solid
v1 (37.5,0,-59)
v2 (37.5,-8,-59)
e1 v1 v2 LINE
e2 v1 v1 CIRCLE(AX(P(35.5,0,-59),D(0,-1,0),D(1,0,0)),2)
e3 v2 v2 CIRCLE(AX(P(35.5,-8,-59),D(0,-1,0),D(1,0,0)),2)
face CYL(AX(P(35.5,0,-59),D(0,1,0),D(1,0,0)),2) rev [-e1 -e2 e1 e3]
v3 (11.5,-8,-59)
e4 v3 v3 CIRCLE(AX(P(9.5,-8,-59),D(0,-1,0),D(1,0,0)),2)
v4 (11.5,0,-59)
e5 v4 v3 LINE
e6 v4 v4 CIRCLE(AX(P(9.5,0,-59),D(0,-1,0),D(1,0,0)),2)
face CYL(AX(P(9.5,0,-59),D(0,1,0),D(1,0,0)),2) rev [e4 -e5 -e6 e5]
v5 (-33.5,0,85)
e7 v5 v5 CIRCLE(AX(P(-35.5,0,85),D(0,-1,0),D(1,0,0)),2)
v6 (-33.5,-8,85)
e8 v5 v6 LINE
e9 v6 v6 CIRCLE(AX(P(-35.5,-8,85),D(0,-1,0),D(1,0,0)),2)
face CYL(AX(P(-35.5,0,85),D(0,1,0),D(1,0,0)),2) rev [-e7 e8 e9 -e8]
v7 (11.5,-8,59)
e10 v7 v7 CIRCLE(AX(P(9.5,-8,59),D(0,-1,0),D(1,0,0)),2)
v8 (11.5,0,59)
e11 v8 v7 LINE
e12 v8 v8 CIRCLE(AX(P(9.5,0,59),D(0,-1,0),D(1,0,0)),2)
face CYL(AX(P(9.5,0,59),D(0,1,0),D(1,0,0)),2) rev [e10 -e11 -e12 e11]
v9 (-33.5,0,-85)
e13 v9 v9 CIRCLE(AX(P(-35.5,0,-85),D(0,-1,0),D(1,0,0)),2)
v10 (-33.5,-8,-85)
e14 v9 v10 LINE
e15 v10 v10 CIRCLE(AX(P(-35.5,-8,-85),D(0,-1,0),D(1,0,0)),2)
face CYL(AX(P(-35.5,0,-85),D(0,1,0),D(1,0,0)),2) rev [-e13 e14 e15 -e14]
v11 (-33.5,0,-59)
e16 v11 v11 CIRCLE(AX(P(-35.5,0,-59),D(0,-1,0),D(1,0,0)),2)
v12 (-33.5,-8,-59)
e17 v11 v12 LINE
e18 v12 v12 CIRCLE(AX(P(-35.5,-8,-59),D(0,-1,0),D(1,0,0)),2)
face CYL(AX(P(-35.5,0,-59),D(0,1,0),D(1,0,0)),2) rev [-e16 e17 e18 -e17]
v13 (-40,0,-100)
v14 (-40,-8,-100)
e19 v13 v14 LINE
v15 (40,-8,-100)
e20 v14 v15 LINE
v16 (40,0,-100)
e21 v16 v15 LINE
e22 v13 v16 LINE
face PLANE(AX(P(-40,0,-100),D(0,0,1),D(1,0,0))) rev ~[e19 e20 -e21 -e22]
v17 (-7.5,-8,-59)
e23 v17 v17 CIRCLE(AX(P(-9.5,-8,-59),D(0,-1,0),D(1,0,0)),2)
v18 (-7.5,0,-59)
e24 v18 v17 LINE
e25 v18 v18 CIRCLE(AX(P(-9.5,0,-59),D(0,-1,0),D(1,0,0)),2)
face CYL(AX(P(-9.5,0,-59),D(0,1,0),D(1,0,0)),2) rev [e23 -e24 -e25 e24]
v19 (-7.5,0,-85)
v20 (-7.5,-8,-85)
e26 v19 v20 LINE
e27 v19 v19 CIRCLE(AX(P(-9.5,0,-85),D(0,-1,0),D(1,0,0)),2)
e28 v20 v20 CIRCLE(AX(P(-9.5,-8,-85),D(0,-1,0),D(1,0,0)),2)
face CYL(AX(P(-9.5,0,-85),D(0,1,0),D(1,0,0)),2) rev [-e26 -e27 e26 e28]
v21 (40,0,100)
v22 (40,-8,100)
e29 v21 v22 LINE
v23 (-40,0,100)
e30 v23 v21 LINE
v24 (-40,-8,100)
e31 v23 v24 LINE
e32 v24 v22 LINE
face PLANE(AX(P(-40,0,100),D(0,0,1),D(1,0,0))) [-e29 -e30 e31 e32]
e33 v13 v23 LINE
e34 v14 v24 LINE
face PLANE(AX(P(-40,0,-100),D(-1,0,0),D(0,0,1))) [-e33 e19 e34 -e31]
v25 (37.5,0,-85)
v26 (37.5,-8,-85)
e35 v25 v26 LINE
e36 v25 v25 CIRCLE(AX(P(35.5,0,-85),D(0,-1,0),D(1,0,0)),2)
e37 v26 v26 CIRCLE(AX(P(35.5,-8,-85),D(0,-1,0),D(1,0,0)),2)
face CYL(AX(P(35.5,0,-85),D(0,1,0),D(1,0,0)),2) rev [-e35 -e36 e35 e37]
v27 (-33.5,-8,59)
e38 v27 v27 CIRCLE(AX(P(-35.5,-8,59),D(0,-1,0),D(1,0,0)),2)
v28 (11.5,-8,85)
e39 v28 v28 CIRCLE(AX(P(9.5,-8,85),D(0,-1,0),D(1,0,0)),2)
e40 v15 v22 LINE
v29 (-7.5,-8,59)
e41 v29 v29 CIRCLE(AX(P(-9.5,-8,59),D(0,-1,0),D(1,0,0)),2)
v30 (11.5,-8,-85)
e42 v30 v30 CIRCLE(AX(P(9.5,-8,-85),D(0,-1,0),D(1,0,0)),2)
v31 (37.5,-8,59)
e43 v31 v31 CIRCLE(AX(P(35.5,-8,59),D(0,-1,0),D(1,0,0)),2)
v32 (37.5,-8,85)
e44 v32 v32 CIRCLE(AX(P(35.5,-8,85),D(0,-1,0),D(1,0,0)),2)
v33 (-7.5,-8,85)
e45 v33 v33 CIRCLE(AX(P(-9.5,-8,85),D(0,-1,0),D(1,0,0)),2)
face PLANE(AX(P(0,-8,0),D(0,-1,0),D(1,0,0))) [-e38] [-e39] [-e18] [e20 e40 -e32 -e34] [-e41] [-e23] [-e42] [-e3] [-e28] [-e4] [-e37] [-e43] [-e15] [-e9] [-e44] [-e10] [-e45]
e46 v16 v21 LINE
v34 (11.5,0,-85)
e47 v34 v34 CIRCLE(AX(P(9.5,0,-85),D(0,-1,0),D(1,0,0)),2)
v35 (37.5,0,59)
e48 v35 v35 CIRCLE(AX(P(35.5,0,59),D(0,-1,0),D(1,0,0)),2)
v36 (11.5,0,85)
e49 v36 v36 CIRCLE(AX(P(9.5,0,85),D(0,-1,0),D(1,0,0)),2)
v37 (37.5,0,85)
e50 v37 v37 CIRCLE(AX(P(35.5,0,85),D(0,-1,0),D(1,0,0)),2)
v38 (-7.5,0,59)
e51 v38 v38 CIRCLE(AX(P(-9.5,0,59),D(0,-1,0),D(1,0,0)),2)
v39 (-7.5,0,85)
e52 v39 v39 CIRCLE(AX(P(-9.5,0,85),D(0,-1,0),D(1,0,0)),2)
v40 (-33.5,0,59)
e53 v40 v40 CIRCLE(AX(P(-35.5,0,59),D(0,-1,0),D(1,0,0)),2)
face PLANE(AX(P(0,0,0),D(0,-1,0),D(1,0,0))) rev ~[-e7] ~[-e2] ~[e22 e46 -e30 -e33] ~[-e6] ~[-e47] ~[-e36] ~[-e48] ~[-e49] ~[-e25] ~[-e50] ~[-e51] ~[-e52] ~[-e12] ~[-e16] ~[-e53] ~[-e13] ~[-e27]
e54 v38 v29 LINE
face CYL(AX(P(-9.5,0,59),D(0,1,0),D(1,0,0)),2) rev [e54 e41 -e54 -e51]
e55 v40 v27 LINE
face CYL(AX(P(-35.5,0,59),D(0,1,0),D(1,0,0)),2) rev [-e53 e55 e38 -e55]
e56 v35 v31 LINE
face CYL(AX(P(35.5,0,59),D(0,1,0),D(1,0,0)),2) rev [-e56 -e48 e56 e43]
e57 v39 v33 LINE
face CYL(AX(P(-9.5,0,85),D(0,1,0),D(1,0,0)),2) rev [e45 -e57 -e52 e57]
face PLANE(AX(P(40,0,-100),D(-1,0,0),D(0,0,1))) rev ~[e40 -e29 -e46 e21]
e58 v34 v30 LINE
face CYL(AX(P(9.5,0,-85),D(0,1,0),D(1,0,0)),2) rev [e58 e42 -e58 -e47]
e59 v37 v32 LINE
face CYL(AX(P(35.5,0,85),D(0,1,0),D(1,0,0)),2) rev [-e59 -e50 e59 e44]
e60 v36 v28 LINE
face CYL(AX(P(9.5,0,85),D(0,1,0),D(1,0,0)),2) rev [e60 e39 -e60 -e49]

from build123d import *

# Parameters (mm, degrees)
F0_W     = 80
F0_H     = 200
F0_R     = 2
F1_DEPTH = 8


with BuildPart() as f1:
    # F0 (on Front) → F1 (new body)
    with BuildSketch(Plane.XZ):
        Rectangle(F0_W, F0_H)
        with Locations((-35.5, -85)):
            Circle(F0_R, mode=Mode.SUBTRACT)
        with Locations((-35.5, -59)):
            Circle(F0_R, mode=Mode.SUBTRACT)
        with Locations((-9.5, -85)):
            Circle(F0_R, mode=Mode.SUBTRACT)
        with Locations((-9.5, -59)):
            Circle(F0_R, mode=Mode.SUBTRACT)
        with Locations((9.5, -85)):
            Circle(F0_R, mode=Mode.SUBTRACT)
        with Locations((9.5, -59)):
            Circle(F0_R, mode=Mode.SUBTRACT)
        with Locations((35.5, -85)):
            Circle(F0_R, mode=Mode.SUBTRACT)
        with Locations((35.5, -59)):
            Circle(F0_R, mode=Mode.SUBTRACT)
        with Locations((-35.5, 59)):
            Circle(F0_R, mode=Mode.SUBTRACT)
        with Locations((-35.5, 85)):
            Circle(F0_R, mode=Mode.SUBTRACT)
        with Locations((-9.5, 59)):
            Circle(F0_R, mode=Mode.SUBTRACT)
        with Locations((-9.5, 85)):
            Circle(F0_R, mode=Mode.SUBTRACT)
        with Locations((9.5, 59)):
            Circle(F0_R, mode=Mode.SUBTRACT)
        with Locations((9.5, 85)):
            Circle(F0_R, mode=Mode.SUBTRACT)
        with Locations((35.5, 59)):
            Circle(F0_R, mode=Mode.SUBTRACT)
        with Locations((35.5, 85)):
            Circle(F0_R, mode=Mode.SUBTRACT)
    extrude(amount=F1_DEPTH)


solid = f1.part
